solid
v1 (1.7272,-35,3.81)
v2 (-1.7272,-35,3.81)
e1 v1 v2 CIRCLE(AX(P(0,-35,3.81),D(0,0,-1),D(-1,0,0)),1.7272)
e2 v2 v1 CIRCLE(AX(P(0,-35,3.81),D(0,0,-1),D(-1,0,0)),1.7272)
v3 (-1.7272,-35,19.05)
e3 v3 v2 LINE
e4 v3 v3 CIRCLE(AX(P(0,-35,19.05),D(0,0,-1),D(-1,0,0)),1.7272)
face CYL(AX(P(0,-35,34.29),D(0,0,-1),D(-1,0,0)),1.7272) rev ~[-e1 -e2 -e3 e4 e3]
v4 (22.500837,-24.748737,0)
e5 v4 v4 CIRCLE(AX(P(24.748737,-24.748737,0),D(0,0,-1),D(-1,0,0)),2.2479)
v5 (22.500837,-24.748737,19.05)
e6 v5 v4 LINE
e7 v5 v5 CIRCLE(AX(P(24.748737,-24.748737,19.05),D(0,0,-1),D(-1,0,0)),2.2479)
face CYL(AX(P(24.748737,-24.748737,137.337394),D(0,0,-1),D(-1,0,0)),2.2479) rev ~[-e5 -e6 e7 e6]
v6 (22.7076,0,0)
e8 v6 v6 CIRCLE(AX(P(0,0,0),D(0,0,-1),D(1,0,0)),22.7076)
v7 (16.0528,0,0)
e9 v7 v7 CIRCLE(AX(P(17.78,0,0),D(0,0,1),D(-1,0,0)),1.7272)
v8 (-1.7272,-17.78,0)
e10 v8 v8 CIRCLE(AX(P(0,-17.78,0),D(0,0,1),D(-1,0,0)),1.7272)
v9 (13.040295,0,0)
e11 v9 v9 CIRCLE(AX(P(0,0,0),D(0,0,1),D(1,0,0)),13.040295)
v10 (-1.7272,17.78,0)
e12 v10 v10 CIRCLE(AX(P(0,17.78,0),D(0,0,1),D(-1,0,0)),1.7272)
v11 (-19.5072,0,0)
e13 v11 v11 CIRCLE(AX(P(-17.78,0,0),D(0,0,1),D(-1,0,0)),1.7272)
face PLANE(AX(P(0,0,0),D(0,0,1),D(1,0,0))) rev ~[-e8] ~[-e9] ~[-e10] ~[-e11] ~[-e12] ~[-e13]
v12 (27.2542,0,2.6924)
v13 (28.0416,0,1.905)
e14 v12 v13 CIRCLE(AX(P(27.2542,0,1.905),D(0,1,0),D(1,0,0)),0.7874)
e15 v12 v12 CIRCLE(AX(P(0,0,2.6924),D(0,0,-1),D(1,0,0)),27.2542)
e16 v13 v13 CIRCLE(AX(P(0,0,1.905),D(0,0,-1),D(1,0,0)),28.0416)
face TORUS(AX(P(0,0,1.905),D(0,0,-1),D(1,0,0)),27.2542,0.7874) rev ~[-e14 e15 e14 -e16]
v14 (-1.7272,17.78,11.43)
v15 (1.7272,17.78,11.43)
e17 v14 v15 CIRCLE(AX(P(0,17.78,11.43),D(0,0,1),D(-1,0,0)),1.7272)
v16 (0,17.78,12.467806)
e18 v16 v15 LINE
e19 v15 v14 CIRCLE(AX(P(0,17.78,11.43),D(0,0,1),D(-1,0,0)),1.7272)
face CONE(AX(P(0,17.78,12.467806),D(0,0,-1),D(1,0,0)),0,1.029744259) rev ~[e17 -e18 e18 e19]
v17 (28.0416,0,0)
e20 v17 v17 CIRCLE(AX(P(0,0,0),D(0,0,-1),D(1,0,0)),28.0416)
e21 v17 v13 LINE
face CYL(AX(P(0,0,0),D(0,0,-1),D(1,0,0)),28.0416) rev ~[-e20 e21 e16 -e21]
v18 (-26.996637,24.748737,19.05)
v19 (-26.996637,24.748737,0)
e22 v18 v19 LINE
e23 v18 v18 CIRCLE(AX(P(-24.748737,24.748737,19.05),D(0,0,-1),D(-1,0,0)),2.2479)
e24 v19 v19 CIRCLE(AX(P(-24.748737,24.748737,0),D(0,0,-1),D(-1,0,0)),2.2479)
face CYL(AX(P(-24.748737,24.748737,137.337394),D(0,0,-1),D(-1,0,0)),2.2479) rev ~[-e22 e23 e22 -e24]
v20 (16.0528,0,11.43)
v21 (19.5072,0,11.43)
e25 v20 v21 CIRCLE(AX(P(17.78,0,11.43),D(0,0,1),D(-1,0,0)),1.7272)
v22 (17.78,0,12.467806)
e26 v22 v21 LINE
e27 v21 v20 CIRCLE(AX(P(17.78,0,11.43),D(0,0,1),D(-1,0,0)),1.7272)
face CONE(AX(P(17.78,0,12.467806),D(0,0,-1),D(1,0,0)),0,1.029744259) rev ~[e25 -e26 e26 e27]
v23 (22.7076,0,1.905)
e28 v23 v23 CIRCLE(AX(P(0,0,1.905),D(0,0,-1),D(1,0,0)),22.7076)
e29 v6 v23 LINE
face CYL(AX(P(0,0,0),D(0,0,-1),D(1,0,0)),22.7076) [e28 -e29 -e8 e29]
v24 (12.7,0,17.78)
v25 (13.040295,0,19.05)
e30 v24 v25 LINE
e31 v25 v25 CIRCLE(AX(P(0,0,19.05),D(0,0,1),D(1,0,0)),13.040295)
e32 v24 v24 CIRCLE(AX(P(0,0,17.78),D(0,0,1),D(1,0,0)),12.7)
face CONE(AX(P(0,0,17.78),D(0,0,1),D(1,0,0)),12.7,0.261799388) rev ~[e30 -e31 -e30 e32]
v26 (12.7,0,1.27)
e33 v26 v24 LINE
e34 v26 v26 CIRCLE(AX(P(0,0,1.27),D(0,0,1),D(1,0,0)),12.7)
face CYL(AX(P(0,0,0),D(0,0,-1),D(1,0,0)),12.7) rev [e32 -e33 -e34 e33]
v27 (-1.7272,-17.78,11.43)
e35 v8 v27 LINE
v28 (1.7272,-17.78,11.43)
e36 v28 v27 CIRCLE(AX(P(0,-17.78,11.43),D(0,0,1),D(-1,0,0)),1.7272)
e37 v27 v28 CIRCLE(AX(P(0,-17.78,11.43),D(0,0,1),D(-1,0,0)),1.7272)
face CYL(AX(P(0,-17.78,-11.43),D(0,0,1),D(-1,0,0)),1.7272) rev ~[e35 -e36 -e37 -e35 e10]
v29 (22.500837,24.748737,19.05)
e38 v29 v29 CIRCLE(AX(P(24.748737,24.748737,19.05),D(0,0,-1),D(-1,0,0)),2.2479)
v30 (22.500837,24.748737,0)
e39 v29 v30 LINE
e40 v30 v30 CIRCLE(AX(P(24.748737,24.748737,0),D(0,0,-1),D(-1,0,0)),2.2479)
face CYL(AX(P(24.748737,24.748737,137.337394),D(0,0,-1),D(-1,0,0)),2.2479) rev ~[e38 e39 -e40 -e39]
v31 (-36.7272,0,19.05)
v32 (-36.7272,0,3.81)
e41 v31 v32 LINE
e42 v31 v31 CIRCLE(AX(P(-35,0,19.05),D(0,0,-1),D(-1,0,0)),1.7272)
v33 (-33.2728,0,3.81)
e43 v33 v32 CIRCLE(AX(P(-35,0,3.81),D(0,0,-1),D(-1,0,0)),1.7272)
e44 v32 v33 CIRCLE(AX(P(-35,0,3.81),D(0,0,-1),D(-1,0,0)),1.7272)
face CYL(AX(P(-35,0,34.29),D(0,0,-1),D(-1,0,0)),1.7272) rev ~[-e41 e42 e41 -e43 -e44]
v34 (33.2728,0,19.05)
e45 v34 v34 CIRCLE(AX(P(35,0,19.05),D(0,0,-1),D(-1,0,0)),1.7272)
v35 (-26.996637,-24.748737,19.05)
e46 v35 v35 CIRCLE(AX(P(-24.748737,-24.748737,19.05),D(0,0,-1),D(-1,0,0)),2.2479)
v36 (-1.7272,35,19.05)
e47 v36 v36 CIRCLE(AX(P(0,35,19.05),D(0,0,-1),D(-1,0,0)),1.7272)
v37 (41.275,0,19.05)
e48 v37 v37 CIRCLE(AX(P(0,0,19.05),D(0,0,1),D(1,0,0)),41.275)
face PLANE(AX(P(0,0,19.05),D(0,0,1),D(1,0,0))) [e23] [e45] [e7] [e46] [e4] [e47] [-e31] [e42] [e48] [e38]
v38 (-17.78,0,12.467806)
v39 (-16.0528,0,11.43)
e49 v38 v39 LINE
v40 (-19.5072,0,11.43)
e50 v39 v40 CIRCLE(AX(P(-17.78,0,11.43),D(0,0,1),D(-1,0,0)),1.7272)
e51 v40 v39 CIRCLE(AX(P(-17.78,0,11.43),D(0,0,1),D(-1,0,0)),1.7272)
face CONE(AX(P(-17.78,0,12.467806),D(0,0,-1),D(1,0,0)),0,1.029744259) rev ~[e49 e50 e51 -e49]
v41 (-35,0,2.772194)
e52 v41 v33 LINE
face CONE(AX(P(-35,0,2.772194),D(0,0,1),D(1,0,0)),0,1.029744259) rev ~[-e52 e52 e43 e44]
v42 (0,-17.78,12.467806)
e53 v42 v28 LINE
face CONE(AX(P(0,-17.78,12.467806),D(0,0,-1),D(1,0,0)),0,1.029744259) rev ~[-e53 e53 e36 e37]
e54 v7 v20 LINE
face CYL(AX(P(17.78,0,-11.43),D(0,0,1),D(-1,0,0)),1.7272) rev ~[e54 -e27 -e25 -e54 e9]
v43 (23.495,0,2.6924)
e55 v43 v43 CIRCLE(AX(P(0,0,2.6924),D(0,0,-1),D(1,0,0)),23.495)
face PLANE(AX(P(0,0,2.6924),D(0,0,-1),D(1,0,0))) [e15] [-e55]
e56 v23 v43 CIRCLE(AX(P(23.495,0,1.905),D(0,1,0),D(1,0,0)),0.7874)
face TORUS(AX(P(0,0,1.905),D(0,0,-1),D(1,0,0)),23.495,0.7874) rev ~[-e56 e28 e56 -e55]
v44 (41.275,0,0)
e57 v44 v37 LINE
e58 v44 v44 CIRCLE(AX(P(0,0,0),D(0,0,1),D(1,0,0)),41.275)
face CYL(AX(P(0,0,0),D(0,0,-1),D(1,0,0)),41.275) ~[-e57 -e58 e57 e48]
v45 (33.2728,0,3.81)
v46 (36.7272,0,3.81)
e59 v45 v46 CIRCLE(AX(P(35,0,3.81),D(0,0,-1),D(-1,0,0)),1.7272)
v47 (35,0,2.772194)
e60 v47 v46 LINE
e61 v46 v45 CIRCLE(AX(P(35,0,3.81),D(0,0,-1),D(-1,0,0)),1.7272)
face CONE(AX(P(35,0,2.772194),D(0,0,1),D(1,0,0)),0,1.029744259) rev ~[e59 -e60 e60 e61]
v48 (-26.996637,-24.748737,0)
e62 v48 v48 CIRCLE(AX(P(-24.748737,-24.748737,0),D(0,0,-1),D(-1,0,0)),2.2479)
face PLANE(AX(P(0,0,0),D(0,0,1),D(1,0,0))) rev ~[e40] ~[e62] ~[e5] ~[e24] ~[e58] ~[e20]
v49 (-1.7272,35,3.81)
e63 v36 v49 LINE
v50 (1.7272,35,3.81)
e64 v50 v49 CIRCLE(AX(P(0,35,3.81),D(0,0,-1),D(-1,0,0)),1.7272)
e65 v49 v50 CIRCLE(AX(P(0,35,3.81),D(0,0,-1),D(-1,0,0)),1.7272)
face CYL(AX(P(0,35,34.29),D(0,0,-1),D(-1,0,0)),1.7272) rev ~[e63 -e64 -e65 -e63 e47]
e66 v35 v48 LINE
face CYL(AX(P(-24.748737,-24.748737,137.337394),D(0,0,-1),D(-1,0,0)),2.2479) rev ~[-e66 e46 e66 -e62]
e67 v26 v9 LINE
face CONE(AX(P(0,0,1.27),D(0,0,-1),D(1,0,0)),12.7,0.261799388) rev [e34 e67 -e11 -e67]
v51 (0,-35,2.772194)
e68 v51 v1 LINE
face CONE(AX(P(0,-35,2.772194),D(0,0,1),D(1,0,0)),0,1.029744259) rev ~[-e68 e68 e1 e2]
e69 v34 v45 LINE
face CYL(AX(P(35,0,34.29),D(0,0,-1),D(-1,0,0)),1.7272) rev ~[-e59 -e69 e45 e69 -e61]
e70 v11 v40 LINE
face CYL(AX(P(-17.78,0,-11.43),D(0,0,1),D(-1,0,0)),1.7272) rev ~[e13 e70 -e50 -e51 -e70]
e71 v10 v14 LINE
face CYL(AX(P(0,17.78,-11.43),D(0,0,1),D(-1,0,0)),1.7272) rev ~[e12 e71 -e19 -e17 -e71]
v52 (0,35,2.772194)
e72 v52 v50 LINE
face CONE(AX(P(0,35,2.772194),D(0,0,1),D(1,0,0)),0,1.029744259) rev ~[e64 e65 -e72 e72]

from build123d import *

# Parameters (mm, degrees)
F0_R      = 41.275
F0_R_2    = 12.7
F1_DEPTH  = 19.05
F2_SIZE2  = 0.3402954744
F2_SIZE   = 1.27
F4_D      = 3.4544
F4_DEPTH  = 11.43
F4_TIP    = 1.0378064612
F6_D      = 3.4544
F6_DEPTH  = 15.24
F6_TIP    = 1.0378064612
F8_D      = 4.4958
F9_R      = 28.0416
F9_R_2    = 22.7076
F10_DEPTH = 2.6924
F11_R     = 0.7874


with BuildPart() as f1:
    # F0 (on Top) → F1 (new body)
    with BuildSketch(Plane.XY):
        Circle(F0_R)
        Circle(F0_R_2, mode=Mode.SUBTRACT)
    extrude(amount=F1_DEPTH)

    # F2
    f2_edges = [f1.edges().sort_by_distance(p)[0] for p in [
        (-12.7, 0, 19.05),
        (-12.7, 0, 0),
    ]]
    f2_side = f1.faces().sort_by_distance((-12.7, 0, 9.525))[0]
    chamfer(f2_edges, length=F2_SIZE, length2=F2_SIZE2, reference=f2_side)

    # F4
    with Locations(Plane(origin=(0, 0, 0), x_dir=(1, 0, 0), z_dir=(0, 0, -1))):
        with Locations((0, -17.78), (-17.78, 0), (0, 17.78), (17.78, 0)):
            Hole(F4_D / 2, depth=F4_DEPTH)
            with Locations((0, 0, -(F4_DEPTH + F4_TIP / 2))):  # 118° drill point
                Cone(0, F4_D / 2, F4_TIP, mode=Mode.SUBTRACT)

    # F6
    with Locations(Plane.XY.offset(19.05)):
        with Locations((35, 0), (0, -35), (-35, 0), (0, 35)):
            Hole(F6_D / 2, depth=F6_DEPTH)
            with Locations((0, 0, -(F6_DEPTH + F6_TIP / 2))):  # 118° drill point
                Cone(0, F6_D / 2, F6_TIP, mode=Mode.SUBTRACT)

    # F8 (through all)
    with Locations(Plane.XY.offset(19.05)):
        with Locations((24.7487373415, -24.7487373415), (-24.7487373415, -24.7487373415), (-24.7487373415, 24.7487373415), (24.7487373415, 24.7487373415)):
            Hole(F8_D / 2)

    # F9 (on face) → F10 (cut)
    with BuildSketch(Plane(origin=(0, 0, 0), x_dir=(1, 0, 0), z_dir=(0, 0, -1))):
        Circle(F9_R)
        Circle(F9_R_2, mode=Mode.SUBTRACT)
    extrude(amount=-F10_DEPTH, mode=Mode.SUBTRACT)

    # F11
    f11_edges = [f1.edges().sort_by_distance(p)[0] for p in [
        (-22.7076, 0, 2.6924),
        (-28.0416, 0, 2.6924),
    ]]
    fillet(f11_edges, radius=F11_R)


solid = f1.part
